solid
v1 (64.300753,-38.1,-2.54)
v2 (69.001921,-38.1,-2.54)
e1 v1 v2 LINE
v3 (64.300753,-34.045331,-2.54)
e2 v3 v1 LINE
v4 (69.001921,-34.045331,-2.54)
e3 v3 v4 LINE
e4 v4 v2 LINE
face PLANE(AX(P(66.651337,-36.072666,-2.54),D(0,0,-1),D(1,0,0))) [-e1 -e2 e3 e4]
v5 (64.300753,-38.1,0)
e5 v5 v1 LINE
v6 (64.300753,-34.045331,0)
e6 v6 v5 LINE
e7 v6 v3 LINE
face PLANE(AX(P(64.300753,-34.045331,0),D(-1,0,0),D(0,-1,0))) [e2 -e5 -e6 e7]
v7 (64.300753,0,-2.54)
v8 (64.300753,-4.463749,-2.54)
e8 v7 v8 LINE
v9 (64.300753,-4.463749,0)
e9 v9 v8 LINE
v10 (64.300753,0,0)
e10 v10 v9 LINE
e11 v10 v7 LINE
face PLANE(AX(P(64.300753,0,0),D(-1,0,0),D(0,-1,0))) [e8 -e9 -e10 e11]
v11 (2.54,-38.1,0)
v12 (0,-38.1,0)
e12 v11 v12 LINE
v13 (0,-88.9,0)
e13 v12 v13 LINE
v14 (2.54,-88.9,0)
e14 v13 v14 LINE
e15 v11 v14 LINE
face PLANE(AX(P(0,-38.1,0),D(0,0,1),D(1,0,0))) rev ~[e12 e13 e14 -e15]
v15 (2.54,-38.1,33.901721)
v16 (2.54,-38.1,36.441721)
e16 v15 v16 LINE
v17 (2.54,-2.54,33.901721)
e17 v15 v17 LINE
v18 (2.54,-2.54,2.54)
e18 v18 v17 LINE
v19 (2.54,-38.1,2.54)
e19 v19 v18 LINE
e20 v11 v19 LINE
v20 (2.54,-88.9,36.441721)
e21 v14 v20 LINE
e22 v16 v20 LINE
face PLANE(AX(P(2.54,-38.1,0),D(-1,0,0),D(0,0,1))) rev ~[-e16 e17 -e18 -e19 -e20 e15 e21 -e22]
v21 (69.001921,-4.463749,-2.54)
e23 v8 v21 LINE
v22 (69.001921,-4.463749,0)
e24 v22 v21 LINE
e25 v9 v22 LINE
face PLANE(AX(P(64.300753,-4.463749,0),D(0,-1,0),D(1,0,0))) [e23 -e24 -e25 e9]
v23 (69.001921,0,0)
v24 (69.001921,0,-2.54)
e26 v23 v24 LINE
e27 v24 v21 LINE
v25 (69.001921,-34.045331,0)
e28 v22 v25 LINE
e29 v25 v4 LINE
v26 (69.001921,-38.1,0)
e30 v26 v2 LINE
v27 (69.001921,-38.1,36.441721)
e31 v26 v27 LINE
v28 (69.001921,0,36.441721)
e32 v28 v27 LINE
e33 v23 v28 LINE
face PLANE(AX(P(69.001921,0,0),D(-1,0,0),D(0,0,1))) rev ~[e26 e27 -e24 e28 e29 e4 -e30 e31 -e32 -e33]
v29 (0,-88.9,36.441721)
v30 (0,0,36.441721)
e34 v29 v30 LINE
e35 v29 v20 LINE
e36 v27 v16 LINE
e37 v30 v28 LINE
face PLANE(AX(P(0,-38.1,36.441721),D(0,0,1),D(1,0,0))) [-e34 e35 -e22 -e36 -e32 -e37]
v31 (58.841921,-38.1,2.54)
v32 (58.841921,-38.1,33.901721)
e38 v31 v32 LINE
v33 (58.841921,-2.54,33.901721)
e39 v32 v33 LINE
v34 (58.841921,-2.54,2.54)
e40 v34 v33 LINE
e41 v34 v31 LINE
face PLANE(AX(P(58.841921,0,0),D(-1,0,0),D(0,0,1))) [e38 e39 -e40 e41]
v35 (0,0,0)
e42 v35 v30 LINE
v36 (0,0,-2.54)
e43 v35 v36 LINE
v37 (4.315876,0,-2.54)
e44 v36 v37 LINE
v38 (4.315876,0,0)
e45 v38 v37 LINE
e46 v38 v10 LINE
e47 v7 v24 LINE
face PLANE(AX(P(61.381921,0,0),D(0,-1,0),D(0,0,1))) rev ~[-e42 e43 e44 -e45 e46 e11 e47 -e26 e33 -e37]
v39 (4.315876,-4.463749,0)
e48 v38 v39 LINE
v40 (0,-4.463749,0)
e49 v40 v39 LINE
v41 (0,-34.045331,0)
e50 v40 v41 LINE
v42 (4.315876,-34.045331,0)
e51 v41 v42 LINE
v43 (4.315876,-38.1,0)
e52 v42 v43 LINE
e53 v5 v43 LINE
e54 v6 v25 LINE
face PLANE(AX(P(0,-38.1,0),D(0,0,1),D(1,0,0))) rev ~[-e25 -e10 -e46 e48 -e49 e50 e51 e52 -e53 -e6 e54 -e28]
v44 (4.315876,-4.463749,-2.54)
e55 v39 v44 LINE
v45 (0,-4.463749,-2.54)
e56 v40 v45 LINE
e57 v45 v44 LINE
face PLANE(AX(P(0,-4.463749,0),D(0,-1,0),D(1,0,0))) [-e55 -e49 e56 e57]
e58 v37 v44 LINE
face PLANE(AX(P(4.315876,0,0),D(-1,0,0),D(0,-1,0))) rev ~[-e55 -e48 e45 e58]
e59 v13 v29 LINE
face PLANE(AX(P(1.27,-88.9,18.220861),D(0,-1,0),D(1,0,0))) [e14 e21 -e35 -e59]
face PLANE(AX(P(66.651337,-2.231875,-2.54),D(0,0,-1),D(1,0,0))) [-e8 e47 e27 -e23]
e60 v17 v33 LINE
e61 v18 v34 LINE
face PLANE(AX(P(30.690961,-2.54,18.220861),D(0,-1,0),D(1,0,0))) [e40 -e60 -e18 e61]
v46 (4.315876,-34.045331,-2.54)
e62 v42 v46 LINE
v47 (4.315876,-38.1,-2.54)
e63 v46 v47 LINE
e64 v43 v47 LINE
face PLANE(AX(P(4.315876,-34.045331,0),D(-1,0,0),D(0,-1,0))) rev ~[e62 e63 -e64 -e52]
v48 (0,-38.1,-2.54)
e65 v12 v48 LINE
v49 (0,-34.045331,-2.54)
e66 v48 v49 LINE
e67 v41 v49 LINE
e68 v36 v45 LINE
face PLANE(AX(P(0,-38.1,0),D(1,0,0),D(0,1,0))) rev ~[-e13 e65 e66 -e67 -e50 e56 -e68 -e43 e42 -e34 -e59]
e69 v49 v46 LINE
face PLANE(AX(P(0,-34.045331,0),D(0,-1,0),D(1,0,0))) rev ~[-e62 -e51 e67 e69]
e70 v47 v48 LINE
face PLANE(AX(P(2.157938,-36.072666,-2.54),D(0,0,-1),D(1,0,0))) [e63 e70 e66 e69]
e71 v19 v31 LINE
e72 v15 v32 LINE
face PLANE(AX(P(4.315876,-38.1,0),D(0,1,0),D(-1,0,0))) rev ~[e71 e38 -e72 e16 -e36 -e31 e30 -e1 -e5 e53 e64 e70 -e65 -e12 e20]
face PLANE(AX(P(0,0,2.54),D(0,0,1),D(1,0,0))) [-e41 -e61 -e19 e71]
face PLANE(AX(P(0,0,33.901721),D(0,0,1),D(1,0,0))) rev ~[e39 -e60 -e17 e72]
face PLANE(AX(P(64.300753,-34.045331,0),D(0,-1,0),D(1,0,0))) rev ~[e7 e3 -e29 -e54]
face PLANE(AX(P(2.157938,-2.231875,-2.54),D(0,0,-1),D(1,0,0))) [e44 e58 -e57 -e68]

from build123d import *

# Parameters (mm, degrees)
F0_W     = 61.3819211721
F0_H     = 36.4417210221
F1_DEPTH = 38.1
F2_T     = -2.54
F3_DEPTH = 7.62
F4_W     = 2.54
F4_H     = 36.4417210221
F5_DEPTH = 50.8
F6_W     = 4.7011679959
F6_H     = 4.0546688199
F6_H_2   = 4.4637494721
F6_W_2   = 4.3158759363
F7_DEPTH = 2.54


with BuildPart() as f1:
    # F0 (on Front) → F1 (new body)
    with BuildSketch(Plane.XZ):
        with Locations((30.6909605861, 18.2208605111)):
            Rectangle(F0_W, F0_H)
    extrude(amount=F1_DEPTH)

    # F2
    f2_openings = [f1.faces().sort_by_distance(p)[0] for p in [
        (30.690961, -38.1, 18.220861),
    ]]
    offset(amount=F2_T, openings=f2_openings)

    # F3 (add): a face of the model
    f3_faces = [f1.faces().sort_by_distance(p)[0] for p in [
        (61.3819211721, -19.05, 18.2208605111),
    ]]
    extrude(f3_faces, amount=F3_DEPTH)

    # F4 (on face) → F5 (join)
    with BuildSketch(Plane.XZ.offset(38.1)):
        with Locations((1.27, 18.2208605111)):
            Rectangle(F4_W, F4_H)
    extrude(amount=F5_DEPTH)

    # F6 (on face) → F7 (join)
    with BuildSketch(Plane(origin=(0, 0, 0), x_dir=(1, 0, 0), z_dir=(0, 0, -1))):
        Polygon((4.3158759363, 38.1), (2.54, 38.1), (0, 38.1), (0, 34.0453311801), (4.3158759363, 34.0453311801), align=None)
        with Locations((66.6513371742, 36.07266559)):
            Rectangle(F6_W, F6_H)
        with Locations((66.6513371742, 2.231874736)):
            Rectangle(F6_W, F6_H_2)
        with Locations((2.1579379681, 2.231874736)):
            Rectangle(F6_W_2, F6_H_2)
    extrude(amount=F7_DEPTH)


solid = f1.part
